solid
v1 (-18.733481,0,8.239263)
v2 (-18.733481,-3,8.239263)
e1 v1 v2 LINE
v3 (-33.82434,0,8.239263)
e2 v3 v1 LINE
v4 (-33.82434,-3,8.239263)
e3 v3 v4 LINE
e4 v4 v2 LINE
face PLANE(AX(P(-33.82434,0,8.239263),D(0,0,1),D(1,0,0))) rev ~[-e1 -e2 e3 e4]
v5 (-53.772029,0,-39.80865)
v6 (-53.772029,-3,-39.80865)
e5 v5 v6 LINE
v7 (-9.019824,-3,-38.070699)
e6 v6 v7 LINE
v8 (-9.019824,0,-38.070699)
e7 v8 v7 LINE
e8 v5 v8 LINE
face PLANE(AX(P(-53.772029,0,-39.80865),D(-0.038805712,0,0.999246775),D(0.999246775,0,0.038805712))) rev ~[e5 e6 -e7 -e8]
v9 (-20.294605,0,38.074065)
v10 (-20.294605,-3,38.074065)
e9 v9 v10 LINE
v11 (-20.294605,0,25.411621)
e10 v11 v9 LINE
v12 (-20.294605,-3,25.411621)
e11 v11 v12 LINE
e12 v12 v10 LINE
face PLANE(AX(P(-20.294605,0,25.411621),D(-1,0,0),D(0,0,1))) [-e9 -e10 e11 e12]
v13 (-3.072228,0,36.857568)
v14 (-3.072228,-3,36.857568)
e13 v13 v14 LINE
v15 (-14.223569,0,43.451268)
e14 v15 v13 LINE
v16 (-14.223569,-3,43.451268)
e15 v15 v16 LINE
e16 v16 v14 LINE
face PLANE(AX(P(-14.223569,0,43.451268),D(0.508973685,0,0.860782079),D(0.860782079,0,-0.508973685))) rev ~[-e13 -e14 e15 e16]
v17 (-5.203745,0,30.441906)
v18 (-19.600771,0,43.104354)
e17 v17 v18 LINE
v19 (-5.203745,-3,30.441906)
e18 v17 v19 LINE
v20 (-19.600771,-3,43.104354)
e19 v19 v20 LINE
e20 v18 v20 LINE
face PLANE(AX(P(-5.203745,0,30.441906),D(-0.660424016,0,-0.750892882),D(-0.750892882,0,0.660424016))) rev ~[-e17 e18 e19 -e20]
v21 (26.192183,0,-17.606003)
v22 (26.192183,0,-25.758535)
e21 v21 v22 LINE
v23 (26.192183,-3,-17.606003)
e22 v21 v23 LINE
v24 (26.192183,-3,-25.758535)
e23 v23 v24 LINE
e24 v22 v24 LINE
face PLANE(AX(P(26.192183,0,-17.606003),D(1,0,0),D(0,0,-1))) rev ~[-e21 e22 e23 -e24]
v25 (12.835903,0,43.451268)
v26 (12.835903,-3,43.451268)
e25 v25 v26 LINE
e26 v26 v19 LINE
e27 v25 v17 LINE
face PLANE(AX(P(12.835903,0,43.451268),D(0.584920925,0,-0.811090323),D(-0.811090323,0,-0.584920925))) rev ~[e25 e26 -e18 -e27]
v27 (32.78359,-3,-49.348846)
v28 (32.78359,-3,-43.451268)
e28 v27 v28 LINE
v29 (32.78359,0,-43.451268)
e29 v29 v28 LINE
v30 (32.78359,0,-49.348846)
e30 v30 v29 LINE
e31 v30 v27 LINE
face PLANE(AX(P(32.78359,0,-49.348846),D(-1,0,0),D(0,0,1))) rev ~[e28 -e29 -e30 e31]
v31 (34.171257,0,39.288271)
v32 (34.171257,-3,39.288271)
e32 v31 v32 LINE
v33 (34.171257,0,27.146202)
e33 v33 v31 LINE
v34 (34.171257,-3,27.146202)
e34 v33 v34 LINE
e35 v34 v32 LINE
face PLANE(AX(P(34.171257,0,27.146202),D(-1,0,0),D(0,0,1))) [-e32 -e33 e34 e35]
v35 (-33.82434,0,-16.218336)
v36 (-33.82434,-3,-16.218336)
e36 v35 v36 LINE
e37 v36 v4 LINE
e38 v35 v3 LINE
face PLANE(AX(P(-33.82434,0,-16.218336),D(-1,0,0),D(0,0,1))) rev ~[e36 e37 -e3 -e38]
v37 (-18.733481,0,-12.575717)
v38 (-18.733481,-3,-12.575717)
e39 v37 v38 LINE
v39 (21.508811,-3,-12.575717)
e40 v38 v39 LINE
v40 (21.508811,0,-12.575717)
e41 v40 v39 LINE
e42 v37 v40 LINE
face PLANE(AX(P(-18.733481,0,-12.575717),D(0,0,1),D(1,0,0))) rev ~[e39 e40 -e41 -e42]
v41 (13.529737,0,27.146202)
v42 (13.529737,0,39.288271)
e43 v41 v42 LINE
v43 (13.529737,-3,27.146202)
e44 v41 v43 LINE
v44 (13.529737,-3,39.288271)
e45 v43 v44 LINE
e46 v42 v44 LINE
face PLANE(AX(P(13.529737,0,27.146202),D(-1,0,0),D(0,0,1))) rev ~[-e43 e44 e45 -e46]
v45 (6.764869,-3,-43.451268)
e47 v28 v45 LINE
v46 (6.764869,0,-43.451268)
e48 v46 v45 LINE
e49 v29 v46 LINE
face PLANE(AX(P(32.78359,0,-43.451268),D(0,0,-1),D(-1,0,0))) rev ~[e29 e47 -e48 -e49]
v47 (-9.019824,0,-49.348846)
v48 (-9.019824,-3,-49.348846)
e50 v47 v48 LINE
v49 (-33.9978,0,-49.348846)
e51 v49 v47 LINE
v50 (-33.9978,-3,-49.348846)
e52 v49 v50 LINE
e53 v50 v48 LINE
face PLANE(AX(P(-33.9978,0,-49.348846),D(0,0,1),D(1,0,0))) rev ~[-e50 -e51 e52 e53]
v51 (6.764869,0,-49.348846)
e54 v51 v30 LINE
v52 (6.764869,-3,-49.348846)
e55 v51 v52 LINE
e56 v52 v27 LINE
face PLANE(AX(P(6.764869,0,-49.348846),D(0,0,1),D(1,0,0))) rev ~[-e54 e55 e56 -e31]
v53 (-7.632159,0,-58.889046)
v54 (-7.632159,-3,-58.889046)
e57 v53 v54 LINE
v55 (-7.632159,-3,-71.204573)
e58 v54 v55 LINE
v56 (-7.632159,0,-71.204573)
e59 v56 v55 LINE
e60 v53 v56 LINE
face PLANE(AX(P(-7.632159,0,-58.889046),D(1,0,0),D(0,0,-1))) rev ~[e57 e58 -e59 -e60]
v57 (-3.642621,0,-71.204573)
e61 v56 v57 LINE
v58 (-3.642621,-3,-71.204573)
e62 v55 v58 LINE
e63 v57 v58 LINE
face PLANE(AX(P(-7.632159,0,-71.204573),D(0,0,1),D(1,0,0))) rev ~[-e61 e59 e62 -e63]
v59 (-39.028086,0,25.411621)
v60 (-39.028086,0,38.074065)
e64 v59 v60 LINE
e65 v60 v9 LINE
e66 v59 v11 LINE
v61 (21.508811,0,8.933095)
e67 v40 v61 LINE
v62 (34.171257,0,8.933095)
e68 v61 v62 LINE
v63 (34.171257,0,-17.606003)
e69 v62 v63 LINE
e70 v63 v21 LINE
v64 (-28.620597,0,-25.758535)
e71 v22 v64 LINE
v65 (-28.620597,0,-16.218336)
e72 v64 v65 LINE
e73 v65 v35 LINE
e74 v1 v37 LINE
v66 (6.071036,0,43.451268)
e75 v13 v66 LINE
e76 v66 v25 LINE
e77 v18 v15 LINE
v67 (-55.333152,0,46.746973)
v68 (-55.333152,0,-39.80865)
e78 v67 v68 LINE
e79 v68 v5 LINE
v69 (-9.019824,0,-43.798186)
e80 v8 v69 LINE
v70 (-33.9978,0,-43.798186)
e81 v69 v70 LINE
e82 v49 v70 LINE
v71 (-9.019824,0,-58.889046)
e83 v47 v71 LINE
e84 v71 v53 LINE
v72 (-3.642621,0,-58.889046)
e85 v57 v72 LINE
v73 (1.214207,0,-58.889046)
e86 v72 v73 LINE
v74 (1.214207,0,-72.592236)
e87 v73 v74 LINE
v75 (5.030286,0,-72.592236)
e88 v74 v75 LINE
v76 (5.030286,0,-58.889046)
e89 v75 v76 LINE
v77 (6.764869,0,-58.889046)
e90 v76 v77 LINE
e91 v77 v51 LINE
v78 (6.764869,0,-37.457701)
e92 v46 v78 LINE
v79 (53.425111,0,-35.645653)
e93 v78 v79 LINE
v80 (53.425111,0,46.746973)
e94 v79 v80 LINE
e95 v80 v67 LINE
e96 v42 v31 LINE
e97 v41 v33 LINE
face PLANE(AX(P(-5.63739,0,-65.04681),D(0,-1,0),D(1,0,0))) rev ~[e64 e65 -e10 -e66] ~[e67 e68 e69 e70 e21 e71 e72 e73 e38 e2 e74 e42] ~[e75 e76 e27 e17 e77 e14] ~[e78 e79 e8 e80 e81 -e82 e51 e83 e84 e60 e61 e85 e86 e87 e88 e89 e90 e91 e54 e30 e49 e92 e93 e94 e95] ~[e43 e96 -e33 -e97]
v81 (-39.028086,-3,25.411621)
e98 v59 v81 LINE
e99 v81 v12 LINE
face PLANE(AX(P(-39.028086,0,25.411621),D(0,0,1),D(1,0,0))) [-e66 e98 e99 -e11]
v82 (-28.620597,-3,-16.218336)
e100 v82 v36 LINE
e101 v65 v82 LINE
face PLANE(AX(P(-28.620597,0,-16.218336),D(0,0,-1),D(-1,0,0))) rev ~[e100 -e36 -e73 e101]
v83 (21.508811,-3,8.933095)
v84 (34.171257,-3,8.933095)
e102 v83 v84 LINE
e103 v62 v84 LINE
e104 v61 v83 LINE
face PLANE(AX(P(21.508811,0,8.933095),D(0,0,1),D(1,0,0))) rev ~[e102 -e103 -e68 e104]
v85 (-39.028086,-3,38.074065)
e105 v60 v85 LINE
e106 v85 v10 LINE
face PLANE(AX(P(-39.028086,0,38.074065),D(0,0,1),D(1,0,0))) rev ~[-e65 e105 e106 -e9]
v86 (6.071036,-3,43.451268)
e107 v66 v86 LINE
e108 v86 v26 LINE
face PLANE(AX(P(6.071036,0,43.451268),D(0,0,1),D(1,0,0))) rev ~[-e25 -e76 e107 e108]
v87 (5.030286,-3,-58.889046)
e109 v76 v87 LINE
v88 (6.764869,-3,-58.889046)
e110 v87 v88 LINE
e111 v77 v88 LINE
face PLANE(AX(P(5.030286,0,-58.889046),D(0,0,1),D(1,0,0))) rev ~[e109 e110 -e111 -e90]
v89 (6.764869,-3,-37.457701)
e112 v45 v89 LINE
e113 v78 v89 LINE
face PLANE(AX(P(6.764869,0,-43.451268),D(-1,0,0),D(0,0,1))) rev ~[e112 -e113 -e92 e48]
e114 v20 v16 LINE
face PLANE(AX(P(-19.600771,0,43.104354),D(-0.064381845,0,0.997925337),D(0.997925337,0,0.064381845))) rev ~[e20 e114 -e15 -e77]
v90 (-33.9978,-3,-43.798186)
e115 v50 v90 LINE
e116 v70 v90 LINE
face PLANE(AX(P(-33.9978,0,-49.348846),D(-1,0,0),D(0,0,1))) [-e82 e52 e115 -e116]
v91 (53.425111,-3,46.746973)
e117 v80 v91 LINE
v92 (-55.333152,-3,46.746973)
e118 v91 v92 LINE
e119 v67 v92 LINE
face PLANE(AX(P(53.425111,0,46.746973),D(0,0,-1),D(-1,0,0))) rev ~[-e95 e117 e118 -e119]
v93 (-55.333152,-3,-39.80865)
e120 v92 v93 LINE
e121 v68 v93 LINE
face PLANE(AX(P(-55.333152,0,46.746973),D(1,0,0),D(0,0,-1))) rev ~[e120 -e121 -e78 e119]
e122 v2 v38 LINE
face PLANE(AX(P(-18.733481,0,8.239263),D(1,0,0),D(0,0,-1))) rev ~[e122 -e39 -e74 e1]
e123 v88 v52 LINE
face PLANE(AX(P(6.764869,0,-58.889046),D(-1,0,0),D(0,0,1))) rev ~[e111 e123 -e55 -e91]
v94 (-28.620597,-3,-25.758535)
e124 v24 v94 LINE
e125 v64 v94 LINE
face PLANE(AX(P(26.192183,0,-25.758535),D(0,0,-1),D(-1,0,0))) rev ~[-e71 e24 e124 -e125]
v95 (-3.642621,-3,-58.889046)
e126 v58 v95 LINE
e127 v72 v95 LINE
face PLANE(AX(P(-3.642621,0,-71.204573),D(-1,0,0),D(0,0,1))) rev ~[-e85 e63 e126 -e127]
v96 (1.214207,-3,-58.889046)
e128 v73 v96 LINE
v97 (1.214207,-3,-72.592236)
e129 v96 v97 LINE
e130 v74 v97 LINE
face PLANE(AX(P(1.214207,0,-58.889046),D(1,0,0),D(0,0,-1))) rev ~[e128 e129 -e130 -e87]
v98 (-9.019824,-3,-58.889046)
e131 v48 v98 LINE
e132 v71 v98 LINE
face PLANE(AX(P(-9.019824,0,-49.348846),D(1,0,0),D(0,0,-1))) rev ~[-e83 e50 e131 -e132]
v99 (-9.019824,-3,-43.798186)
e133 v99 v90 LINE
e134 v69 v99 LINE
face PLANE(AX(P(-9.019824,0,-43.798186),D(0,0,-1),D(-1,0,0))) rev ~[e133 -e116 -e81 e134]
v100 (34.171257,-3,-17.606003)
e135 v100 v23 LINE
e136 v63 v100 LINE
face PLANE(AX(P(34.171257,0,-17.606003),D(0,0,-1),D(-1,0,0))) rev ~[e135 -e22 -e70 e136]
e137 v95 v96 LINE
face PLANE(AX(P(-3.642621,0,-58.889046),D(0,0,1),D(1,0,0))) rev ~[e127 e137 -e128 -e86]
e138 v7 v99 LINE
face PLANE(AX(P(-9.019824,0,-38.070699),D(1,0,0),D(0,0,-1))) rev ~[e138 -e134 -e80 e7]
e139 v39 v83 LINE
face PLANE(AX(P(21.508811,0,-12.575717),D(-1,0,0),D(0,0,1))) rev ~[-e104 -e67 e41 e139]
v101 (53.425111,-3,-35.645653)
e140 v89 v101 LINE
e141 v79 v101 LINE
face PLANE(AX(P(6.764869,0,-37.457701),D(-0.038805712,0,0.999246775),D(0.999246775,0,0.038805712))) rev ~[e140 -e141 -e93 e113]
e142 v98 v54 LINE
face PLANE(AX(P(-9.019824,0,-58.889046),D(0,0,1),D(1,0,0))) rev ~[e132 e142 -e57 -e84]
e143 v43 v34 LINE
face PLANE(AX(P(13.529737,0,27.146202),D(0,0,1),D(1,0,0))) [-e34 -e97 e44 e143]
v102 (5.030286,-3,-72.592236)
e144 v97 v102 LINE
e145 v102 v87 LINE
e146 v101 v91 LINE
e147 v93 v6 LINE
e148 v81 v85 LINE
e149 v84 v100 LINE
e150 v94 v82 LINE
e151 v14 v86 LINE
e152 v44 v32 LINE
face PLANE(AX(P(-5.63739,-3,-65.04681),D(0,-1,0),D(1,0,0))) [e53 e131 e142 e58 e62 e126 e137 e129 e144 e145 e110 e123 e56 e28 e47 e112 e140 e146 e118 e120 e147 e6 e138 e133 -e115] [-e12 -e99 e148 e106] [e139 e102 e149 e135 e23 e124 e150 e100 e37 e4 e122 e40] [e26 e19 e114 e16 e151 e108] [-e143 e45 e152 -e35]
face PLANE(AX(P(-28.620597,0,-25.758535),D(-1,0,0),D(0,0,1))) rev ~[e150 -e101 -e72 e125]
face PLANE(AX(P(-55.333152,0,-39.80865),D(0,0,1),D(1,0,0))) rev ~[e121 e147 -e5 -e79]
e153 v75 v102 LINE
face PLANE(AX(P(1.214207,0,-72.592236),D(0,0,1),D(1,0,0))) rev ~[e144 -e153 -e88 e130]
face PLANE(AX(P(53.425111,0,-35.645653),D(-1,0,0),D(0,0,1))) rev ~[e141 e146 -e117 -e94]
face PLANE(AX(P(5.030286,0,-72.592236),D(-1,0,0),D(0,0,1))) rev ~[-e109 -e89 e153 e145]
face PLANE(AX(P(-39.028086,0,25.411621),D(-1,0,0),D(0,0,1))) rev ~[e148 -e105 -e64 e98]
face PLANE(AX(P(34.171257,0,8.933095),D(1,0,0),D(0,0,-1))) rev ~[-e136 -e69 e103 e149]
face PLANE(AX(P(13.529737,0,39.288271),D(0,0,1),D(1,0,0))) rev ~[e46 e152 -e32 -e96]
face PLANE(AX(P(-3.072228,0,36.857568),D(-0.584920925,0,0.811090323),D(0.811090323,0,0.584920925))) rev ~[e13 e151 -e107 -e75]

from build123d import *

# Parameters (mm, degrees)
F0_W     = 3.9895381778
F0_H     = 12.3155266047
F0_W_2   = 3.8160792319
F0_H_2   = 13.7031897902
F0_W_3   = 24.9779764563
F0_H_3   = 5.550660193
F0_W_4   = 26.0187210515
F0_H_4   = 5.897577852
F0_H_5   = 3.1222477555
F0_H_6   = 2.2549591959
F0_W_5   = 2.2549559362
F0_W_6   = 3.8160814438
F0_W_7   = 18.7334809452
F0_H_7   = 12.6624442637
F0_W_8   = 20.6415196881
F0_H_8   = 12.1420696378
F1_DEPTH = 3


with BuildPart() as f1:
    # F0 (on Front) → F1 (new body)
    with BuildSketch(Plane.XZ):
        with Locations((-5.6373900734, -65.0468096137)):
            Rectangle(F0_W, F0_H)
        with Locations((3.1222468824, -65.7406412065)):
            Rectangle(F0_W_2, F0_H_2)
        with Locations((-21.508811973, -46.5735159814)):
            Rectangle(F0_W_3, F0_H_3)
        with Locations((19.7742297314, -46.4000571519)):
            Rectangle(F0_W_4, F0_H_4)
        Polygon((-9.0198237449, -34.7783602774), (-9.0198237449, -38.0706993256), (6.7648692057, -37.4577013494), (6.7648692057, -34.7783602774), align=None)
        with Locations((-5.6373900734, -57.3279224336)):
            Rectangle(F0_W, F0_H_5)
        with Locations((3.1222468824, -57.7615667135)):
            Rectangle(F0_W_2, F0_H_6)
        with Locations((-7.8923457768, -46.5735159814)):
            Rectangle(F0_W_5, F0_H_3)
        with Locations((4.8568284838, -46.4000571519)):
            Rectangle(F0_W_6, F0_H_4)
        Polygon((6.7648692057, -37.4577013494), (-9.0198237449, -38.0706993256), (-9.0198237449, -43.798185885), (-6.7648678087, -43.798185885), (-6.7648678087, -49.3488460779), (-9.0198237449, -49.3488460779), (-9.0198237449, -58.8890463114), (-7.6321591623, -58.8890463114), (-7.6321591623, -55.7667985559), (-3.6426209845, -55.7667985559), (-3.6426209845, -58.8890463114), (1.2142072665, -58.8890463114), (1.2142072665, -56.6340871155), (5.0302864984, -56.6340871155), (5.0302864984, -58.8890463114), (6.7648692057, -58.8890463114), (6.7648692057, -49.3488460779), (2.9487877619, -49.3488460779), (2.9487877619, -43.4512682259), (6.7648692057, -43.4512682259), align=None)
        Polygon((-55.3331524134, 46.7469729483), (-55.3331524134, -39.8086495697), (-53.7720285356, -39.8086495697), (-9.0198237449, -38.0706993256), (-9.0198237449, -34.7783602774), (6.7648692057, -34.7783602774), (6.7648692057, -37.4577013494), (53.4251108766, -35.6456525624), (53.4251108766, 46.7469729483), align=None)
        with Locations((-29.6613452956, 31.742842868)):
            Rectangle(F0_W_7, F0_H_7, mode=Mode.SUBTRACT)
        Polygon((-5.2037448622, 30.4419063032), (-19.6007713675, 43.1043542922), (-14.2235690728, 43.4512682259), (-3.0722282925, 36.8575679841), (6.0710357502, 43.4512682259), (12.8359030932, 43.4512682259), align=None, mode=Mode.SUBTRACT)
        Polygon((-33.824339509, -16.2183362991), (-33.824339509, 8.2392627373), (-18.7334809452, 8.2392627373), (-18.7334809452, -12.5757167116), (21.5088110417, -12.5757167116), (21.5088110417, 8.9330952615), (34.1712571681, 8.9330952615), (34.1712571681, -17.6060032099), (26.192182675, -17.6060032099), (26.192182675, -25.7585346699), (-28.6205969751, -25.7585346699), (-28.6205969751, -16.2183362991), align=None, mode=Mode.SUBTRACT)
        with Locations((23.850497324, 33.2172363997)):
            Rectangle(F0_W_8, F0_H_8, mode=Mode.SUBTRACT)
    extrude(amount=F1_DEPTH)


solid = f1.part
